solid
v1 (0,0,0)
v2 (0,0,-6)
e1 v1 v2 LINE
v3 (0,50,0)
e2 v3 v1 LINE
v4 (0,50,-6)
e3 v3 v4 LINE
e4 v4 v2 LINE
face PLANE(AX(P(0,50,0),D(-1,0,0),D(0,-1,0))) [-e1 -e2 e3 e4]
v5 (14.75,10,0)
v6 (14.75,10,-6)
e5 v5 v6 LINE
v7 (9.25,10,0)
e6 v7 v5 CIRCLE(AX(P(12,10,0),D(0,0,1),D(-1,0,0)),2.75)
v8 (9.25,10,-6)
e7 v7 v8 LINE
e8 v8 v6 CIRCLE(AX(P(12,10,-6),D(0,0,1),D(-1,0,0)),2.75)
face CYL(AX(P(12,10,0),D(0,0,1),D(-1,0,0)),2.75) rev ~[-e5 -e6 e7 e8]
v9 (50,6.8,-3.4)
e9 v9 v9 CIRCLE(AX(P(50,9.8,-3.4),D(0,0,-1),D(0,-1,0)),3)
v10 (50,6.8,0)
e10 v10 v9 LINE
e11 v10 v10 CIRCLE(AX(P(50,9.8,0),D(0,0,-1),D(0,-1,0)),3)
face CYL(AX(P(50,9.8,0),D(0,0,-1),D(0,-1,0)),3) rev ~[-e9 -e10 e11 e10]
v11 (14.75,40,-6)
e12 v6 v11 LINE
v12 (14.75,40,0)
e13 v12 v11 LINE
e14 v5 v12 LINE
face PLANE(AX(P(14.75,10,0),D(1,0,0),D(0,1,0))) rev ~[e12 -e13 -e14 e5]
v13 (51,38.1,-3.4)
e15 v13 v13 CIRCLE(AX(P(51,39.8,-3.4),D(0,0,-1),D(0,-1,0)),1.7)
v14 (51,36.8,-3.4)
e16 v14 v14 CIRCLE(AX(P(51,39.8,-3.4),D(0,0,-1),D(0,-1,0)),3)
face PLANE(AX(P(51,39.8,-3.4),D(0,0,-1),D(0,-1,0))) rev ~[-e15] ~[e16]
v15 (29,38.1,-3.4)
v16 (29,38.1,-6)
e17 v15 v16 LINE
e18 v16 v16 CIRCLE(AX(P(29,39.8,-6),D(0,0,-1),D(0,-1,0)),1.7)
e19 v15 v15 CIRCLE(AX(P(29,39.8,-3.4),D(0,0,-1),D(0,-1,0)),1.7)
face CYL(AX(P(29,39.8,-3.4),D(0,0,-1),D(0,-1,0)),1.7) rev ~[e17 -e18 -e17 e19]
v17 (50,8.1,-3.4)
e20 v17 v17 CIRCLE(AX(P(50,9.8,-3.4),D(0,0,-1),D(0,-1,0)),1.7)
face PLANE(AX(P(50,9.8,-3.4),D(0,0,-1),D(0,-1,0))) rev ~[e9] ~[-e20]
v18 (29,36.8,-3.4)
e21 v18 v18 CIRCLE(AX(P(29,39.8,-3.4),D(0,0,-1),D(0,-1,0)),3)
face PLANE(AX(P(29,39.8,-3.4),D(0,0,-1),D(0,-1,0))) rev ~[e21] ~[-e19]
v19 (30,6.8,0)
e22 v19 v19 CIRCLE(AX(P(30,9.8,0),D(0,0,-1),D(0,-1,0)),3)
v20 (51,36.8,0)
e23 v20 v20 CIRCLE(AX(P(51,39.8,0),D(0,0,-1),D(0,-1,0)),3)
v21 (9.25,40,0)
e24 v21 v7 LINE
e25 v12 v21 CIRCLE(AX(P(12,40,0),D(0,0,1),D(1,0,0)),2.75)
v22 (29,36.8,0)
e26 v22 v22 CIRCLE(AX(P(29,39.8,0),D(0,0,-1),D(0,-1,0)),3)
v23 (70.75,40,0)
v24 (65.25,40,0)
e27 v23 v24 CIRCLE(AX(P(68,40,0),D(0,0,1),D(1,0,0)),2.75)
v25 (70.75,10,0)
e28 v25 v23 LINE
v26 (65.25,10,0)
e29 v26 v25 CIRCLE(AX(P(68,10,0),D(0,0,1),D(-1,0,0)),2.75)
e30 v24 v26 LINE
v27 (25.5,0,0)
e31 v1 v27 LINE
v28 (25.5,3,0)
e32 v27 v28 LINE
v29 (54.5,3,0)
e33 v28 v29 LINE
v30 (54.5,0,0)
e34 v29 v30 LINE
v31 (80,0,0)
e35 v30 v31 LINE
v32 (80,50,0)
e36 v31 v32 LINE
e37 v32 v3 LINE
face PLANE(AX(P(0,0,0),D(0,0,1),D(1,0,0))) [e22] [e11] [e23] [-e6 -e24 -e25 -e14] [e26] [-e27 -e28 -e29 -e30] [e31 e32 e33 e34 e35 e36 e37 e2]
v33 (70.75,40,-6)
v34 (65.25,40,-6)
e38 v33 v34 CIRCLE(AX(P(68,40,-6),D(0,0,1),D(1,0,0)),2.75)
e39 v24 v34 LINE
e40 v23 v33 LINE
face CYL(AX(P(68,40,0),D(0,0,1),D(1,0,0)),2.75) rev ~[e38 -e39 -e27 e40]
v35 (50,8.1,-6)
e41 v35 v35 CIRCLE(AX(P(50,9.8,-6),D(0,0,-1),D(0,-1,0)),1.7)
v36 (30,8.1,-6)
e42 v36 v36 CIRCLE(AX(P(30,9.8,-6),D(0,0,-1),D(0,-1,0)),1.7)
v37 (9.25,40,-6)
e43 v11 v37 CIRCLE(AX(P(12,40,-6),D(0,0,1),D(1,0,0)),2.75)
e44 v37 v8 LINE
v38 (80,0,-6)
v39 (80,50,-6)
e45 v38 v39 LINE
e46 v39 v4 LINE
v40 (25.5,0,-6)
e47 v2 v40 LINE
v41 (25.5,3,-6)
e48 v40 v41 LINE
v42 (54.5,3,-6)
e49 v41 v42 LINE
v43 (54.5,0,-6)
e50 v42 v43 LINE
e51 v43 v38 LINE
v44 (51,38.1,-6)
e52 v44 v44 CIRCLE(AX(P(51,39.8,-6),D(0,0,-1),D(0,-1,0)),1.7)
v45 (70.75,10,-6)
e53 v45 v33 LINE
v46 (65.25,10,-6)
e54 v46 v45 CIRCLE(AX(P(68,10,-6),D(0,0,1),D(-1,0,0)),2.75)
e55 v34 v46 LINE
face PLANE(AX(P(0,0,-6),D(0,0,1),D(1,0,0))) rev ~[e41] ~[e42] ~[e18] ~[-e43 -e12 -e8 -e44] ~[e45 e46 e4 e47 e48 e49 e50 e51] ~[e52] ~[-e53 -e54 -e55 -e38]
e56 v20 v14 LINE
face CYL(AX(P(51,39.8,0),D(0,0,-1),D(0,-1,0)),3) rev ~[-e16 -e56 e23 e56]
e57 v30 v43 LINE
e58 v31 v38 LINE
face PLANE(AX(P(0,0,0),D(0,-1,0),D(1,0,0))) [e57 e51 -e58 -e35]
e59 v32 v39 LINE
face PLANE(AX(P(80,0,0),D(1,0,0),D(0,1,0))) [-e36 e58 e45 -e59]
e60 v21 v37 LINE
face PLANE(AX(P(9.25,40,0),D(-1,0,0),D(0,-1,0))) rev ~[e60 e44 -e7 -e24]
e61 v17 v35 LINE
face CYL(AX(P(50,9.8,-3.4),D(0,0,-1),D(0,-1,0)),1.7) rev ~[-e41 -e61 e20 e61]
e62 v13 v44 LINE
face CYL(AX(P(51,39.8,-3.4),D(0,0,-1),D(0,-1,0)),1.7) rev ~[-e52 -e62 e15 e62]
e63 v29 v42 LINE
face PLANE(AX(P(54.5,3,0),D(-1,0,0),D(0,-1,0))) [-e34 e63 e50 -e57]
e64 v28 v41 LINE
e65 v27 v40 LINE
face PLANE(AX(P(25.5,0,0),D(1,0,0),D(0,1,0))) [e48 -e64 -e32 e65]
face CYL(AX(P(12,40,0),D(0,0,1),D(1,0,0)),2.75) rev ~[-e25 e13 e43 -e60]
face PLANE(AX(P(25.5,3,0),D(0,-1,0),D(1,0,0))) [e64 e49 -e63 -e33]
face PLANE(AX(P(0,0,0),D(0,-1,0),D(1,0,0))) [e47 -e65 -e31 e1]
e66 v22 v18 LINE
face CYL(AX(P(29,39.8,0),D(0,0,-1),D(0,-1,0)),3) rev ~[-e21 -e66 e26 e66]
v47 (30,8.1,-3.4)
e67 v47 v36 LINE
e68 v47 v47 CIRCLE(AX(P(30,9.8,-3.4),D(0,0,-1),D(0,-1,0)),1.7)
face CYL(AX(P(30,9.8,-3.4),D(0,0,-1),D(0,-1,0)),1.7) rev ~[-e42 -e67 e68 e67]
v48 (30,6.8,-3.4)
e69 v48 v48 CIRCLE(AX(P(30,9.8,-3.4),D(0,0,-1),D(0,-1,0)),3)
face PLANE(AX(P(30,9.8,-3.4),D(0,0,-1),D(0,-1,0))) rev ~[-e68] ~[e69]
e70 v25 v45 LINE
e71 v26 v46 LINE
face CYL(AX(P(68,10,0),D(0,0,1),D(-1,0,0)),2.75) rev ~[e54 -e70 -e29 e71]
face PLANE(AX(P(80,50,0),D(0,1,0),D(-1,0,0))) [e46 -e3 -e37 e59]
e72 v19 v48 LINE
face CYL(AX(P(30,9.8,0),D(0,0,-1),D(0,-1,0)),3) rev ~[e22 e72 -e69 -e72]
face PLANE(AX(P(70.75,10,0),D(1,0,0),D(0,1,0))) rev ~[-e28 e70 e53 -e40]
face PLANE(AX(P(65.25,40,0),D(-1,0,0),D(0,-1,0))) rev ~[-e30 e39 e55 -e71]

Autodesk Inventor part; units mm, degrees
ref_plane "YZ Plane" through (0, 0, 0) normal (1, 0, 0) x (0, 1, 0)
ref_plane "XZ Plane" through (0, 0, 0) normal (0, 1, 0) x (-1, 0, 0)
ref_plane "XY Plane" through (0, 0, 0) normal (0, 0, 1) x (1, 0, 0)
sketch "Sketch1" plane through (0, 0, 0) normal (0, 0, 1) x (1, 0, 0)
  line L0 (0, 0) -> (80, 0)
  line L1 (80, 0) -> (80, 50)
  line L2 (80, 50) -> (0, 50)
  line L3 (0, 50) -> (0, 0)
  line L4 (12, 40) -> (12, 10) construction
  line L5 (9.25, 40) -> (9.25, 10)
  line L6 (14.75, 10) -> (14.75, 40)
  arc A0 (14.75, 40) -> (9.25, 40) centre (12, 40) ccw
  arc A1 (9.25, 10) -> (14.75, 10) centre (12, 10) ccw
  line L7 (68, 40) -> (68, 10) construction
  line L8 (65.25, 40) -> (65.25, 10)
  line L9 (70.75, 10) -> (70.75, 40)
  arc A2 (70.75, 40) -> (65.25, 40) centre (68, 40) ccw
  arc A3 (65.25, 10) -> (70.75, 10) centre (68, 10) ccw
  point P0 (12, 25)
  point P1 (68, 25)
  dimension "d0" = 80
  dimension "d1" = 50
  dimension "d2" = 5.5
  dimension "d3" = 12
  dimension "d5" = 30
  dimension "d6" = 12
  dimension "d8" = 5.5
  dimension "d9" = 30
  dimension "d38" = 25
  dimension "d39" = 25
extrude "Extrusion1" add sketch "Sketch1" against normal blind 6
sketch "Sketch2" plane through (0, 0, 0) normal (0, 0, 1) x (1, 0, 0)
  line L0 (0, 0) -> (80, 0) projected
  line L1 (0, 50) -> (0, 0) projected
  line L2 (0, 50) -> (80, 50) projected
  point P0 (30, 9.8)
  point P1 (29, 39.8)
  point P2 (51, 39.8)
  point P3 (50, 9.8)
  dimension "d46" = 29
  dimension "d47" = 22
  dimension "d48" = 30
  dimension "d49" = 20
  dimension "d50" = 30
  dimension "d51" = 30
  dimension "d52" = 10.2
  dimension "d53" = 10.2
hole "Hole1" at (30, 9.8, 0) at (29, 39.8, 0) at (51, 39.8, 0) at (50, 9.8, 0) direction (0, 0, -1) diameter 3.4 end through all counterbore diameter 6 counterbore depth 3.4
sketch "Sketch4" plane through (0, 0, 0) normal (0, 0, 1) x (1, 0, 0)
  line L0 (1, 0) -> (79, 0) projected
  line L1 (54.5, 0) -> (25.5, 0)
  line L2 (25.5, 0) -> (25.5, 3)
  line L3 (25.5, 3) -> (54.5, 3)
  line L4 (54.5, 3) -> (54.5, 0)
  line L5 (80, 1) -> (80, 49) projected
  point P0 (0, 0)
  dimension "d54" = 3
  dimension "d55" = 25.5
  dimension "d56" = 29
extrude "Extrusion2" cut sketch "Sketch4" against normal through all
equation "\"d53\" = d52"
properties part number "MountingAdapter"
